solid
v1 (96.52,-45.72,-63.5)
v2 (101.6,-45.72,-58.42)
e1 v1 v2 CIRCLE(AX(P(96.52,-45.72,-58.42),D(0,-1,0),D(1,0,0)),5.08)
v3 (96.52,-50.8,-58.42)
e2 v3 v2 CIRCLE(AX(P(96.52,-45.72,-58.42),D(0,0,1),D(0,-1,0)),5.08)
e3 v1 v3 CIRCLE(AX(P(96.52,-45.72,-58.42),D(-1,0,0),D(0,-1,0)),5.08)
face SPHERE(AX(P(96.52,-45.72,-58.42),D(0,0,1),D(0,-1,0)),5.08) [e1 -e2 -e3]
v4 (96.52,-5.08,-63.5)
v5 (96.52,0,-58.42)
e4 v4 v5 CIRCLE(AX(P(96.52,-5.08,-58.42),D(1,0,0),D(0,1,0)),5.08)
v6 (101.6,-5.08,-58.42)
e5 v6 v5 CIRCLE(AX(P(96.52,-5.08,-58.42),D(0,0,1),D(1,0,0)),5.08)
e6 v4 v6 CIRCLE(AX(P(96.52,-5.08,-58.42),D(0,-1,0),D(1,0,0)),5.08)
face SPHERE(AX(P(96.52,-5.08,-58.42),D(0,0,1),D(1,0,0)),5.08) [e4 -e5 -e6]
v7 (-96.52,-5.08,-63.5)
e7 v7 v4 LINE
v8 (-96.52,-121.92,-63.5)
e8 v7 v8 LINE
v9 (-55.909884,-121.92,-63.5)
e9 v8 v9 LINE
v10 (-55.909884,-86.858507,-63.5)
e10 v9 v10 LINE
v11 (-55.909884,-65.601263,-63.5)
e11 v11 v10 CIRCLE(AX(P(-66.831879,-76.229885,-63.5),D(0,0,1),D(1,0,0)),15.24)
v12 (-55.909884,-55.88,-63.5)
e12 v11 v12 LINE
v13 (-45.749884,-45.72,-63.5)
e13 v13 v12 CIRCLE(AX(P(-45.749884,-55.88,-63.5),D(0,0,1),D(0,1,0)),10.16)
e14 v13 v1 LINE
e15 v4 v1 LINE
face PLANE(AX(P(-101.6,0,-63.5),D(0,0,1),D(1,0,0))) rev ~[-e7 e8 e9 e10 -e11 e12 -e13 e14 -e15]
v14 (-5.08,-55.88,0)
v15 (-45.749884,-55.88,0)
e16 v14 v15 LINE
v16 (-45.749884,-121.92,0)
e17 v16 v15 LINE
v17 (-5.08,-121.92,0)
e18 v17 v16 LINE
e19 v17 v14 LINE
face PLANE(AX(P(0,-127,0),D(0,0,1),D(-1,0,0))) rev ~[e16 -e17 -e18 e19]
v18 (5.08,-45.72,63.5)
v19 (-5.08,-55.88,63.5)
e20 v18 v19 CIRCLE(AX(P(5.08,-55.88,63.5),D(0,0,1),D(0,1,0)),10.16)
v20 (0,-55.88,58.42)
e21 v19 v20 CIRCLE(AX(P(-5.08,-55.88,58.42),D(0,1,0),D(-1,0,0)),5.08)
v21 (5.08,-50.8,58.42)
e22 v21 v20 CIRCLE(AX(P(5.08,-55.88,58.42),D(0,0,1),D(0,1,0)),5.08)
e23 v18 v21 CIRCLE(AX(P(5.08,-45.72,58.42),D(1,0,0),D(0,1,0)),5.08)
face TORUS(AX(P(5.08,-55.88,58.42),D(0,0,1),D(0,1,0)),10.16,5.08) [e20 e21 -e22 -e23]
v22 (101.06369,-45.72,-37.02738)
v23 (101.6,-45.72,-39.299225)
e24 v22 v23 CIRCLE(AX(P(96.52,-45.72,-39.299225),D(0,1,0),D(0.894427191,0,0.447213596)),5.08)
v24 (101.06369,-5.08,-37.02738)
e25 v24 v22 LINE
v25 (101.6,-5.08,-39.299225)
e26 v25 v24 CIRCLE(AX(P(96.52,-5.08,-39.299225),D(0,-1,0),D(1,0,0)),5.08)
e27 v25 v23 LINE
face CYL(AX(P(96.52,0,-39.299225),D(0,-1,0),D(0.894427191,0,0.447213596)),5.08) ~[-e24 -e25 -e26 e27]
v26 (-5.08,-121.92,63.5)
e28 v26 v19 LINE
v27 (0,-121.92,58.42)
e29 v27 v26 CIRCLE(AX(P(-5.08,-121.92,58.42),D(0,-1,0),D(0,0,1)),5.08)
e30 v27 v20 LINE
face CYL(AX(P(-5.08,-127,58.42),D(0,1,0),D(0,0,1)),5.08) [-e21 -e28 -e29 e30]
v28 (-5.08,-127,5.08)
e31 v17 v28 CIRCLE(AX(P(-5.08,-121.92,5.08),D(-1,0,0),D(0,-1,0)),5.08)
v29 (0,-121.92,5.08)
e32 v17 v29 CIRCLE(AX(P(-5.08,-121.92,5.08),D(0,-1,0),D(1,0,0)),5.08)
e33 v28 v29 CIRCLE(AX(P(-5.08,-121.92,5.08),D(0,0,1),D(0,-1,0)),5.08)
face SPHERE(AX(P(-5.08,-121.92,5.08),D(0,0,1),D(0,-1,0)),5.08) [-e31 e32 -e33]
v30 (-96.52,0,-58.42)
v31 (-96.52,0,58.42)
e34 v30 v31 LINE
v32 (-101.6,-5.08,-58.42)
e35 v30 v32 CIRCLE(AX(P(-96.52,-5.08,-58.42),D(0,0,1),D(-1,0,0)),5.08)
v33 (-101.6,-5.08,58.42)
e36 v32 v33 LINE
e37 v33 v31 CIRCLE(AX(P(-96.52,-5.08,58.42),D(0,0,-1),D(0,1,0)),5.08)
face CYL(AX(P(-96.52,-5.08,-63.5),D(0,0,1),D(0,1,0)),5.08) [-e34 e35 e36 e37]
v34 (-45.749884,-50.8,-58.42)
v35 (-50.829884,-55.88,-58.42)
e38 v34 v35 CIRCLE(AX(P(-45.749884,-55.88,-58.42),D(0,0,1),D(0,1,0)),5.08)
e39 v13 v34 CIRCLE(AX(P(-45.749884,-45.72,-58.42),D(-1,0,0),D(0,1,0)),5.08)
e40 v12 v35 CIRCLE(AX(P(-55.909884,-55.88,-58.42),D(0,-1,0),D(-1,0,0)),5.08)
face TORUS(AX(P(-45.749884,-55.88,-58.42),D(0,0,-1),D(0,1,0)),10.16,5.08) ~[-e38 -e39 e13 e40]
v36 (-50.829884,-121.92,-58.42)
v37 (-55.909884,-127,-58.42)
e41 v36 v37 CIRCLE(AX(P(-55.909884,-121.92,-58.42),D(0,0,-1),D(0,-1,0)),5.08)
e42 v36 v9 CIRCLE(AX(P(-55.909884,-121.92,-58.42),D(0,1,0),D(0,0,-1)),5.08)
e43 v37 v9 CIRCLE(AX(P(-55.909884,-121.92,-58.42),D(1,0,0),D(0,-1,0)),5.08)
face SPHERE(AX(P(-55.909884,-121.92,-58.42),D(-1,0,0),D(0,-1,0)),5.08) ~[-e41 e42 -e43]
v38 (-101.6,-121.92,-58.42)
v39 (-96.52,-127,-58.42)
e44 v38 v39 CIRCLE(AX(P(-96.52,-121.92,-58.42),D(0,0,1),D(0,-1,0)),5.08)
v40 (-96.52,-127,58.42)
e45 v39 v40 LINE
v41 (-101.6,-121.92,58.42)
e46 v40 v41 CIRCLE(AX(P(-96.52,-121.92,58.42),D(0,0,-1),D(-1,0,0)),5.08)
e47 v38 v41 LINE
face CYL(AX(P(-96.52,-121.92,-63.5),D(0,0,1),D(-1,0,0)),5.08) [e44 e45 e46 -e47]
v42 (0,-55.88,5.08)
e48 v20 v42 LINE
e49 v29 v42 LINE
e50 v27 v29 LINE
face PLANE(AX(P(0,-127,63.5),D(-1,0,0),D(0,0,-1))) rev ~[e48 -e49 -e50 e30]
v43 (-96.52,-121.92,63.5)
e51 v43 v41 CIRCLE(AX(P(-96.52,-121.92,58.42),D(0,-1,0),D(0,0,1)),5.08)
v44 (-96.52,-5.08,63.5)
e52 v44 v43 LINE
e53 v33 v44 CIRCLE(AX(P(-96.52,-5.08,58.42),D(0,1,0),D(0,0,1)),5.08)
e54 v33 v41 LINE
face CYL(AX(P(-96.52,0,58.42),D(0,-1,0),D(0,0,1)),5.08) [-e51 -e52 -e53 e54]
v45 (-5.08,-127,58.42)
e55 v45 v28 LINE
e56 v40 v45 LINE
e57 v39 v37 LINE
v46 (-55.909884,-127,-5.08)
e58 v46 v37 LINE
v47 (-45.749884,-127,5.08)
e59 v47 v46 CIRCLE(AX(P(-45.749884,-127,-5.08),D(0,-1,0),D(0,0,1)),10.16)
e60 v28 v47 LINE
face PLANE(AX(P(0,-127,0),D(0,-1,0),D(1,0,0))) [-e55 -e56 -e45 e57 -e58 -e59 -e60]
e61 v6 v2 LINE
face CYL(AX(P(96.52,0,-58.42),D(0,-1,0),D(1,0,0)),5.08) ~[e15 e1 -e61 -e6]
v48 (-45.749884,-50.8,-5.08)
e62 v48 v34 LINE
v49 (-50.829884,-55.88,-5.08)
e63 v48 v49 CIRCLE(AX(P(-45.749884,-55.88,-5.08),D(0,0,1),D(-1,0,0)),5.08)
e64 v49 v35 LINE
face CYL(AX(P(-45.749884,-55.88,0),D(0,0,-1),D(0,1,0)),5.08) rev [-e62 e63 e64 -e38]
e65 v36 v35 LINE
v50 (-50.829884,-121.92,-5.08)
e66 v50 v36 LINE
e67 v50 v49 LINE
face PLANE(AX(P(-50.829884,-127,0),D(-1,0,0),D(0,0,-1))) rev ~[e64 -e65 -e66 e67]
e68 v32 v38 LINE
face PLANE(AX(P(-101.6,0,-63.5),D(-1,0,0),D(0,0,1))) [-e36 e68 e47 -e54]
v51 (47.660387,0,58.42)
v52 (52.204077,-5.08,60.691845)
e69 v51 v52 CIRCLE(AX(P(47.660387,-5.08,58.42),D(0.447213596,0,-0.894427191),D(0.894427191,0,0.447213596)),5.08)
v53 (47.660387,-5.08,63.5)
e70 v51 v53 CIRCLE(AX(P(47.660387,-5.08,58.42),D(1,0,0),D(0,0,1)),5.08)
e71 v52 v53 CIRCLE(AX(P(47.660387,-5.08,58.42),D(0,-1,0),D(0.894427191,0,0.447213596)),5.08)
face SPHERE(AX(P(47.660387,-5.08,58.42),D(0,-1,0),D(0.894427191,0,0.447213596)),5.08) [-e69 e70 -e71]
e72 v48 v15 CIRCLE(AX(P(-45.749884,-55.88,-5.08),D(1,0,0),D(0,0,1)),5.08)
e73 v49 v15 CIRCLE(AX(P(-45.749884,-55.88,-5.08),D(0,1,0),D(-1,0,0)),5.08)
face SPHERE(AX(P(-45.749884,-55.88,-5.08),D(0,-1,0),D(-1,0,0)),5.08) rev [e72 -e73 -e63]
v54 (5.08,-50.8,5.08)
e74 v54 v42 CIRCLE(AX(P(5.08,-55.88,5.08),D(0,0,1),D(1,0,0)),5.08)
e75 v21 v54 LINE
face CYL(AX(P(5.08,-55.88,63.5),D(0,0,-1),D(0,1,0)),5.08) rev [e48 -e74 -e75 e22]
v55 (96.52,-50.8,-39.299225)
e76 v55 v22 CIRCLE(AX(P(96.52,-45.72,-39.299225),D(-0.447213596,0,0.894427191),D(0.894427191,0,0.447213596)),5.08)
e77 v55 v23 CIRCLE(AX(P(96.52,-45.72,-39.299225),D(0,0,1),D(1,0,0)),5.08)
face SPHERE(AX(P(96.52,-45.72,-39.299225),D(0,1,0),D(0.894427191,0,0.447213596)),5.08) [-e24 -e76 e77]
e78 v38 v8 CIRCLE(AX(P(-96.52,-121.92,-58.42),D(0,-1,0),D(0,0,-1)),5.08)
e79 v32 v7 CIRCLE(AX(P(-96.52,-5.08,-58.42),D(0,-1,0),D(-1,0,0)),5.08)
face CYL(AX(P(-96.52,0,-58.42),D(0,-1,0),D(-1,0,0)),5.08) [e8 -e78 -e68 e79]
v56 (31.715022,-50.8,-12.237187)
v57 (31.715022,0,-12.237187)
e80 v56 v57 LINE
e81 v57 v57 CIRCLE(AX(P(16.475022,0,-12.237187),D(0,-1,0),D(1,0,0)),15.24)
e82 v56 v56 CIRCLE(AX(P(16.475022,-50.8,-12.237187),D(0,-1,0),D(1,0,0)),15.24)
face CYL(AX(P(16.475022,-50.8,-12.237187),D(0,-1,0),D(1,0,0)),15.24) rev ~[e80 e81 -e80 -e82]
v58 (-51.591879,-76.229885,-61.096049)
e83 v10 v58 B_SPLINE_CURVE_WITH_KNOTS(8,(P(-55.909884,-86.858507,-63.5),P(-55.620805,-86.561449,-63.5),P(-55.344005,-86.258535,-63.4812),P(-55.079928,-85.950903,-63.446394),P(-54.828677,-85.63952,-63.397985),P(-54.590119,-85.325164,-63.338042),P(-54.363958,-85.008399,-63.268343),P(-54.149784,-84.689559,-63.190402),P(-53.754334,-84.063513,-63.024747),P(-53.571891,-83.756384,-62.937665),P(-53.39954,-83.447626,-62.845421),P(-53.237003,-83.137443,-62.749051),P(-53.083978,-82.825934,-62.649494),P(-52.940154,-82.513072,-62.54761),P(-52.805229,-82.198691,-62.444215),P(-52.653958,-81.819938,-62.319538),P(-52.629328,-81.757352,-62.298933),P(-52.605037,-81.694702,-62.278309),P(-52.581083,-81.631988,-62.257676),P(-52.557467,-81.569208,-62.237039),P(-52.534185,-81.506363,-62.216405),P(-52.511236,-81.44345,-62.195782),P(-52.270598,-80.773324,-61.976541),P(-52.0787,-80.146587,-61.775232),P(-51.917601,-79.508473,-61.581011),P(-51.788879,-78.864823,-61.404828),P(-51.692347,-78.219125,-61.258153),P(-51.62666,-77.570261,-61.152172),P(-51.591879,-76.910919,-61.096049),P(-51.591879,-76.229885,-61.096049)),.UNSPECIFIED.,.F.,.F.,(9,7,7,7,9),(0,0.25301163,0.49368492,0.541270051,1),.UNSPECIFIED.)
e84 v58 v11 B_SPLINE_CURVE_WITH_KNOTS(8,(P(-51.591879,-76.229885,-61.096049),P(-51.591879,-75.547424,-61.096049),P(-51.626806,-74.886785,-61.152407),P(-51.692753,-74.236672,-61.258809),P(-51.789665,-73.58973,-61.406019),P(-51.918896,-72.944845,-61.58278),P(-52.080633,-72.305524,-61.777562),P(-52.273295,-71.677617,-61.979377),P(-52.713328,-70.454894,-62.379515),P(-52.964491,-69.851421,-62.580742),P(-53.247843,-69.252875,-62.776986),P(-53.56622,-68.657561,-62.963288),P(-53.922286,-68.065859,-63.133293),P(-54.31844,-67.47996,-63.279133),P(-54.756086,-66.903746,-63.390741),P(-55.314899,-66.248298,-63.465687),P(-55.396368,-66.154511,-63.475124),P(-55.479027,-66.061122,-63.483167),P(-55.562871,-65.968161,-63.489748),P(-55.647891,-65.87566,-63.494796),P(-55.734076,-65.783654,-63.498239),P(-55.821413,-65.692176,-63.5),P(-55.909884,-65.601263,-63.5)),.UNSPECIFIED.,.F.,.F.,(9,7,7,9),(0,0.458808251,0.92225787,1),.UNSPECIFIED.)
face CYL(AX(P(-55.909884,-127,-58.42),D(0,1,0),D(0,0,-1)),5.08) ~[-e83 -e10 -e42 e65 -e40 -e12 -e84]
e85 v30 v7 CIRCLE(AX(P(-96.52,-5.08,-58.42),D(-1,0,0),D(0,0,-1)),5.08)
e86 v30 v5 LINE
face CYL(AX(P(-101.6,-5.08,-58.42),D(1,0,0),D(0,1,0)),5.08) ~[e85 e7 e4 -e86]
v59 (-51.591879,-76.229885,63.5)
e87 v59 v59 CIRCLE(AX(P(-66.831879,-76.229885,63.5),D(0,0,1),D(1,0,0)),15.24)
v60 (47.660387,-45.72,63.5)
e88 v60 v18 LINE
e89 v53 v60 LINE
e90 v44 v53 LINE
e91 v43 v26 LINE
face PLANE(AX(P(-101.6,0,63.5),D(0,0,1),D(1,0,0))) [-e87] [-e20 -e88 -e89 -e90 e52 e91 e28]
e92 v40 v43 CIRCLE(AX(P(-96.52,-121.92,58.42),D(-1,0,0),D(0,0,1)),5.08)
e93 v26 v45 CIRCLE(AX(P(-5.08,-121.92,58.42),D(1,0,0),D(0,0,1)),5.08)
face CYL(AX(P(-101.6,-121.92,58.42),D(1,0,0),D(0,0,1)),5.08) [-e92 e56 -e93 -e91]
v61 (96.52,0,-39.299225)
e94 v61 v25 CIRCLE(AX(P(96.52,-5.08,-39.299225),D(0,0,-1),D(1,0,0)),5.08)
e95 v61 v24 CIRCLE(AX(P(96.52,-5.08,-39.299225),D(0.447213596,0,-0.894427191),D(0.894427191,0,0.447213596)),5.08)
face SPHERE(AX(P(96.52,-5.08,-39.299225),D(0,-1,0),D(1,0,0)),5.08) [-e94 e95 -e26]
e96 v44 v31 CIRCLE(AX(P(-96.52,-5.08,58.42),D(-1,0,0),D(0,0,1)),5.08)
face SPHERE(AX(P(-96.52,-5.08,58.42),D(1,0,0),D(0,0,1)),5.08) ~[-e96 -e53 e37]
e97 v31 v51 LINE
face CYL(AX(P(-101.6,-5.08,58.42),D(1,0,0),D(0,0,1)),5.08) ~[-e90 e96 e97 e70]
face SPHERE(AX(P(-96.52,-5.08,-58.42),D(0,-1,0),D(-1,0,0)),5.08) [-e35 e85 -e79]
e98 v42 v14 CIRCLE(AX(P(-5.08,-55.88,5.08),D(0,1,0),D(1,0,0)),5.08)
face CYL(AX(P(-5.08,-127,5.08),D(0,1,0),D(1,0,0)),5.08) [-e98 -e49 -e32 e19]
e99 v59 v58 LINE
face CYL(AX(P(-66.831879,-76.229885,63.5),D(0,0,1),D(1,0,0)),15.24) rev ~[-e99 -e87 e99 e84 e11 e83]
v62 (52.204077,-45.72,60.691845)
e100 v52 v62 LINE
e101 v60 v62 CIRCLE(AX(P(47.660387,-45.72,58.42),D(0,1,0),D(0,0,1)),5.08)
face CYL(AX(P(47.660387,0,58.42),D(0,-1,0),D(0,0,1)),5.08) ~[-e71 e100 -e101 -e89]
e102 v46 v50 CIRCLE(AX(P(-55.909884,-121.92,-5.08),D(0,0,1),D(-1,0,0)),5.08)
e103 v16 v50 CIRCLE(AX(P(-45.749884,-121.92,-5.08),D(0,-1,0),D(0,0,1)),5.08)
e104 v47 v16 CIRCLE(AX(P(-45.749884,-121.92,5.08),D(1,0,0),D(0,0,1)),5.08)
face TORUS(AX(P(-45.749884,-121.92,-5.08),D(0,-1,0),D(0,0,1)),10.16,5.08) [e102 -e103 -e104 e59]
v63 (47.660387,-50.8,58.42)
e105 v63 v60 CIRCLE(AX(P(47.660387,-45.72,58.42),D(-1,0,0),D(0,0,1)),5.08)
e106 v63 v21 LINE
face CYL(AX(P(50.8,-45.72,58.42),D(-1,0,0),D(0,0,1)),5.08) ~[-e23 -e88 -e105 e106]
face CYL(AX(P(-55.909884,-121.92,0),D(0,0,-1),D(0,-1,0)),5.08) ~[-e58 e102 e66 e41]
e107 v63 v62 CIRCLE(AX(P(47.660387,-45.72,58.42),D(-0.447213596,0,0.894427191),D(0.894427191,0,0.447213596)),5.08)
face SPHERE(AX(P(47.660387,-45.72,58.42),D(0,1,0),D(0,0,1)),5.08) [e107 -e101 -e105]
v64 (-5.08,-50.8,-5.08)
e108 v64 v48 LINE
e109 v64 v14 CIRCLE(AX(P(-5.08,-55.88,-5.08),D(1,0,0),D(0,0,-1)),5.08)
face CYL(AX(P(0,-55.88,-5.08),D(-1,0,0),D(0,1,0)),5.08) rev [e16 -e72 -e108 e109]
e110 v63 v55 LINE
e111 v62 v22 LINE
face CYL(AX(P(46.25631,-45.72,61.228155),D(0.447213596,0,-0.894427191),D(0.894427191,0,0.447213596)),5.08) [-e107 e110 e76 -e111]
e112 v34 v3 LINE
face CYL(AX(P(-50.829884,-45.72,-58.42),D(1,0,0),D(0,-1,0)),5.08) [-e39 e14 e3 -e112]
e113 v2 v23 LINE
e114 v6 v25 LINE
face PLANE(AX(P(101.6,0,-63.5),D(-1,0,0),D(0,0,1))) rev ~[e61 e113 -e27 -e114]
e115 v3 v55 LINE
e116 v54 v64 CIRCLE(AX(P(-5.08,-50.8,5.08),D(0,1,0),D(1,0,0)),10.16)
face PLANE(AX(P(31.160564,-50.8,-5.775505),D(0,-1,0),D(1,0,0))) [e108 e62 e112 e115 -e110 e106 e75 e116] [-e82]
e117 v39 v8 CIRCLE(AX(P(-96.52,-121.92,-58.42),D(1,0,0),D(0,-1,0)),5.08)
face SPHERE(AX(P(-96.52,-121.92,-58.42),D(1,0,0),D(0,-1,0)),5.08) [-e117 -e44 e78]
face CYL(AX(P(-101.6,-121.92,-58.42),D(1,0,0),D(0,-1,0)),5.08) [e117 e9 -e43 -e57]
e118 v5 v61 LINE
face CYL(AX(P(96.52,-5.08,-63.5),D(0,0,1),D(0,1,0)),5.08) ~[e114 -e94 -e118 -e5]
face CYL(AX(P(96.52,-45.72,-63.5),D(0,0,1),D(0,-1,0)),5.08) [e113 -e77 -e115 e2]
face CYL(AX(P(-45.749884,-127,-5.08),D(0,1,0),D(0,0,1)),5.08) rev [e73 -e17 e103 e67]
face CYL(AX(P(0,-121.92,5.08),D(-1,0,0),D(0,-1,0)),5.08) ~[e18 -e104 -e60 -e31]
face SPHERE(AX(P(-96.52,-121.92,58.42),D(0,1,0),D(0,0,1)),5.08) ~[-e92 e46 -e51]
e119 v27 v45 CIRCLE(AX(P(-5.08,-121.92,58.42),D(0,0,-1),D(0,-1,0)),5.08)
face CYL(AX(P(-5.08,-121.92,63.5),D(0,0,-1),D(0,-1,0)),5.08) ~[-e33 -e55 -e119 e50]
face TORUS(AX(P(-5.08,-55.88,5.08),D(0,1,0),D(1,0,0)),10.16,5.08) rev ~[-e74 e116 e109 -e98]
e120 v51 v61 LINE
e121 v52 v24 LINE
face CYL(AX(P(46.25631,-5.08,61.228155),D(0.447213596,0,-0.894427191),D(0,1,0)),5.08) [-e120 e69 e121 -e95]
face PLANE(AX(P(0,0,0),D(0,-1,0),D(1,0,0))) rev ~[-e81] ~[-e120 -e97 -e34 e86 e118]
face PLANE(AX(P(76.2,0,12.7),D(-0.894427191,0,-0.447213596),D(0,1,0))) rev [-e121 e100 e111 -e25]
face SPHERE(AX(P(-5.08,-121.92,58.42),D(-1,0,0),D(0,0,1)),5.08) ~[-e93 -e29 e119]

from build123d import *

# Parameters (mm, degrees)
F0_W          = 203.2
F0_H          = 127
F1_DEPTH      = 127
F3_DEPTH      = 76.2
F4_SIZE2      = 101.6
F4_SIZE       = 50.8
F5_R          = 5.08
F6_R          = 15.24
F7_DEPTH      = 101.6
F7_DEPTH_BACK = 101.6
F8_R          = 15.24
F9_DEPTH      = 127
F9_DEPTH_BACK = 127


with BuildPart() as f1:
    # F0 (on Front) → F1 (new body)
    with BuildSketch(Plane.XZ):
        Rectangle(F0_W, F0_H)
    extrude(amount=F1_DEPTH)

    # F2 (on face) → F3 (cut)
    with BuildSketch(Plane.XZ.offset(127)):
        Polygon((101.6, 63.5), (0, 63.5), (0, 0), (-50.8298836648, 0), (-50.8298836648, -63.5), (101.6, -63.5), align=None)
    extrude(amount=-F3_DEPTH, mode=Mode.SUBTRACT)

    # F4
    f4_edges = [f1.edges().sort_by_distance(p)[0] for p in [
        (101.6, -25.4, 63.5),
    ]]
    f4_side = f1.faces().sort_by_distance((-21.771429, -52.614286, 63.5))[0]
    chamfer(f4_edges, length=F4_SIZE, length2=F4_SIZE2, reference=f4_side)

    # F5
    f5_edges = [f1.edges().sort_by_distance(p)[0] for p in [
        (-25.4, 0, 63.5),
        (50.8, -25.4, 63.5),
        (-101.6, -63.5, 63.5),
        (25.4, -50.8, 63.5),
        (-50.8, -127, 63.5),
        (0, -88.9, 63.5),
        (-76.214942, -127, -63.5),
        (-101.6, -127, 0),
        (0, -127, 31.75),
        (-25.414942, -127, 0),
        (-50.829884, -127, -31.75),
        (0, -88.9, 0),
        (0, -50.8, 31.75),
        (-50.829884, -88.9, 0),
        (-50.829884, -88.9, -63.5),
        (-50.829884, -50.8, -31.75),
        (76.2, -50.8, 12.7),
        (101.6, -50.8, -50.8),
        (-25.414942, -50.8, 0),
        (25.385058, -50.8, -63.5),
        (76.2, 0, 12.7),
        (101.6, -25.4, -38.1),
        (101.6, 0, -50.8),
        (101.6, -25.4, -63.5),
        (-101.6, -63.5, -63.5),
        (-101.6, 0, 0),
        (0, 0, -63.5),
    ]]
    fillet(f5_edges, radius=F5_R)

    # F6 (on face) → F7 (cut, two sides)
    with BuildSketch(Plane.XZ.offset(50.8)) as f7_sk:
        with Locations((16.4750218391, -12.237187475)):
            Circle(F6_R)
    extrude(amount=-F7_DEPTH, mode=Mode.SUBTRACT)
    extrude(f7_sk.sketch, amount=F7_DEPTH_BACK, mode=Mode.SUBTRACT)

    # F8 (on face) → F9 (cut, two sides)
    with BuildSketch(Plane.XY.offset(63.5)) as f9_sk:
        with Locations((-66.8318793178, -76.2298852205)):
            Circle(F8_R)
    extrude(amount=F9_DEPTH, mode=Mode.SUBTRACT)
    extrude(f9_sk.sketch, amount=-F9_DEPTH_BACK, mode=Mode.SUBTRACT)


solid = f1.part
